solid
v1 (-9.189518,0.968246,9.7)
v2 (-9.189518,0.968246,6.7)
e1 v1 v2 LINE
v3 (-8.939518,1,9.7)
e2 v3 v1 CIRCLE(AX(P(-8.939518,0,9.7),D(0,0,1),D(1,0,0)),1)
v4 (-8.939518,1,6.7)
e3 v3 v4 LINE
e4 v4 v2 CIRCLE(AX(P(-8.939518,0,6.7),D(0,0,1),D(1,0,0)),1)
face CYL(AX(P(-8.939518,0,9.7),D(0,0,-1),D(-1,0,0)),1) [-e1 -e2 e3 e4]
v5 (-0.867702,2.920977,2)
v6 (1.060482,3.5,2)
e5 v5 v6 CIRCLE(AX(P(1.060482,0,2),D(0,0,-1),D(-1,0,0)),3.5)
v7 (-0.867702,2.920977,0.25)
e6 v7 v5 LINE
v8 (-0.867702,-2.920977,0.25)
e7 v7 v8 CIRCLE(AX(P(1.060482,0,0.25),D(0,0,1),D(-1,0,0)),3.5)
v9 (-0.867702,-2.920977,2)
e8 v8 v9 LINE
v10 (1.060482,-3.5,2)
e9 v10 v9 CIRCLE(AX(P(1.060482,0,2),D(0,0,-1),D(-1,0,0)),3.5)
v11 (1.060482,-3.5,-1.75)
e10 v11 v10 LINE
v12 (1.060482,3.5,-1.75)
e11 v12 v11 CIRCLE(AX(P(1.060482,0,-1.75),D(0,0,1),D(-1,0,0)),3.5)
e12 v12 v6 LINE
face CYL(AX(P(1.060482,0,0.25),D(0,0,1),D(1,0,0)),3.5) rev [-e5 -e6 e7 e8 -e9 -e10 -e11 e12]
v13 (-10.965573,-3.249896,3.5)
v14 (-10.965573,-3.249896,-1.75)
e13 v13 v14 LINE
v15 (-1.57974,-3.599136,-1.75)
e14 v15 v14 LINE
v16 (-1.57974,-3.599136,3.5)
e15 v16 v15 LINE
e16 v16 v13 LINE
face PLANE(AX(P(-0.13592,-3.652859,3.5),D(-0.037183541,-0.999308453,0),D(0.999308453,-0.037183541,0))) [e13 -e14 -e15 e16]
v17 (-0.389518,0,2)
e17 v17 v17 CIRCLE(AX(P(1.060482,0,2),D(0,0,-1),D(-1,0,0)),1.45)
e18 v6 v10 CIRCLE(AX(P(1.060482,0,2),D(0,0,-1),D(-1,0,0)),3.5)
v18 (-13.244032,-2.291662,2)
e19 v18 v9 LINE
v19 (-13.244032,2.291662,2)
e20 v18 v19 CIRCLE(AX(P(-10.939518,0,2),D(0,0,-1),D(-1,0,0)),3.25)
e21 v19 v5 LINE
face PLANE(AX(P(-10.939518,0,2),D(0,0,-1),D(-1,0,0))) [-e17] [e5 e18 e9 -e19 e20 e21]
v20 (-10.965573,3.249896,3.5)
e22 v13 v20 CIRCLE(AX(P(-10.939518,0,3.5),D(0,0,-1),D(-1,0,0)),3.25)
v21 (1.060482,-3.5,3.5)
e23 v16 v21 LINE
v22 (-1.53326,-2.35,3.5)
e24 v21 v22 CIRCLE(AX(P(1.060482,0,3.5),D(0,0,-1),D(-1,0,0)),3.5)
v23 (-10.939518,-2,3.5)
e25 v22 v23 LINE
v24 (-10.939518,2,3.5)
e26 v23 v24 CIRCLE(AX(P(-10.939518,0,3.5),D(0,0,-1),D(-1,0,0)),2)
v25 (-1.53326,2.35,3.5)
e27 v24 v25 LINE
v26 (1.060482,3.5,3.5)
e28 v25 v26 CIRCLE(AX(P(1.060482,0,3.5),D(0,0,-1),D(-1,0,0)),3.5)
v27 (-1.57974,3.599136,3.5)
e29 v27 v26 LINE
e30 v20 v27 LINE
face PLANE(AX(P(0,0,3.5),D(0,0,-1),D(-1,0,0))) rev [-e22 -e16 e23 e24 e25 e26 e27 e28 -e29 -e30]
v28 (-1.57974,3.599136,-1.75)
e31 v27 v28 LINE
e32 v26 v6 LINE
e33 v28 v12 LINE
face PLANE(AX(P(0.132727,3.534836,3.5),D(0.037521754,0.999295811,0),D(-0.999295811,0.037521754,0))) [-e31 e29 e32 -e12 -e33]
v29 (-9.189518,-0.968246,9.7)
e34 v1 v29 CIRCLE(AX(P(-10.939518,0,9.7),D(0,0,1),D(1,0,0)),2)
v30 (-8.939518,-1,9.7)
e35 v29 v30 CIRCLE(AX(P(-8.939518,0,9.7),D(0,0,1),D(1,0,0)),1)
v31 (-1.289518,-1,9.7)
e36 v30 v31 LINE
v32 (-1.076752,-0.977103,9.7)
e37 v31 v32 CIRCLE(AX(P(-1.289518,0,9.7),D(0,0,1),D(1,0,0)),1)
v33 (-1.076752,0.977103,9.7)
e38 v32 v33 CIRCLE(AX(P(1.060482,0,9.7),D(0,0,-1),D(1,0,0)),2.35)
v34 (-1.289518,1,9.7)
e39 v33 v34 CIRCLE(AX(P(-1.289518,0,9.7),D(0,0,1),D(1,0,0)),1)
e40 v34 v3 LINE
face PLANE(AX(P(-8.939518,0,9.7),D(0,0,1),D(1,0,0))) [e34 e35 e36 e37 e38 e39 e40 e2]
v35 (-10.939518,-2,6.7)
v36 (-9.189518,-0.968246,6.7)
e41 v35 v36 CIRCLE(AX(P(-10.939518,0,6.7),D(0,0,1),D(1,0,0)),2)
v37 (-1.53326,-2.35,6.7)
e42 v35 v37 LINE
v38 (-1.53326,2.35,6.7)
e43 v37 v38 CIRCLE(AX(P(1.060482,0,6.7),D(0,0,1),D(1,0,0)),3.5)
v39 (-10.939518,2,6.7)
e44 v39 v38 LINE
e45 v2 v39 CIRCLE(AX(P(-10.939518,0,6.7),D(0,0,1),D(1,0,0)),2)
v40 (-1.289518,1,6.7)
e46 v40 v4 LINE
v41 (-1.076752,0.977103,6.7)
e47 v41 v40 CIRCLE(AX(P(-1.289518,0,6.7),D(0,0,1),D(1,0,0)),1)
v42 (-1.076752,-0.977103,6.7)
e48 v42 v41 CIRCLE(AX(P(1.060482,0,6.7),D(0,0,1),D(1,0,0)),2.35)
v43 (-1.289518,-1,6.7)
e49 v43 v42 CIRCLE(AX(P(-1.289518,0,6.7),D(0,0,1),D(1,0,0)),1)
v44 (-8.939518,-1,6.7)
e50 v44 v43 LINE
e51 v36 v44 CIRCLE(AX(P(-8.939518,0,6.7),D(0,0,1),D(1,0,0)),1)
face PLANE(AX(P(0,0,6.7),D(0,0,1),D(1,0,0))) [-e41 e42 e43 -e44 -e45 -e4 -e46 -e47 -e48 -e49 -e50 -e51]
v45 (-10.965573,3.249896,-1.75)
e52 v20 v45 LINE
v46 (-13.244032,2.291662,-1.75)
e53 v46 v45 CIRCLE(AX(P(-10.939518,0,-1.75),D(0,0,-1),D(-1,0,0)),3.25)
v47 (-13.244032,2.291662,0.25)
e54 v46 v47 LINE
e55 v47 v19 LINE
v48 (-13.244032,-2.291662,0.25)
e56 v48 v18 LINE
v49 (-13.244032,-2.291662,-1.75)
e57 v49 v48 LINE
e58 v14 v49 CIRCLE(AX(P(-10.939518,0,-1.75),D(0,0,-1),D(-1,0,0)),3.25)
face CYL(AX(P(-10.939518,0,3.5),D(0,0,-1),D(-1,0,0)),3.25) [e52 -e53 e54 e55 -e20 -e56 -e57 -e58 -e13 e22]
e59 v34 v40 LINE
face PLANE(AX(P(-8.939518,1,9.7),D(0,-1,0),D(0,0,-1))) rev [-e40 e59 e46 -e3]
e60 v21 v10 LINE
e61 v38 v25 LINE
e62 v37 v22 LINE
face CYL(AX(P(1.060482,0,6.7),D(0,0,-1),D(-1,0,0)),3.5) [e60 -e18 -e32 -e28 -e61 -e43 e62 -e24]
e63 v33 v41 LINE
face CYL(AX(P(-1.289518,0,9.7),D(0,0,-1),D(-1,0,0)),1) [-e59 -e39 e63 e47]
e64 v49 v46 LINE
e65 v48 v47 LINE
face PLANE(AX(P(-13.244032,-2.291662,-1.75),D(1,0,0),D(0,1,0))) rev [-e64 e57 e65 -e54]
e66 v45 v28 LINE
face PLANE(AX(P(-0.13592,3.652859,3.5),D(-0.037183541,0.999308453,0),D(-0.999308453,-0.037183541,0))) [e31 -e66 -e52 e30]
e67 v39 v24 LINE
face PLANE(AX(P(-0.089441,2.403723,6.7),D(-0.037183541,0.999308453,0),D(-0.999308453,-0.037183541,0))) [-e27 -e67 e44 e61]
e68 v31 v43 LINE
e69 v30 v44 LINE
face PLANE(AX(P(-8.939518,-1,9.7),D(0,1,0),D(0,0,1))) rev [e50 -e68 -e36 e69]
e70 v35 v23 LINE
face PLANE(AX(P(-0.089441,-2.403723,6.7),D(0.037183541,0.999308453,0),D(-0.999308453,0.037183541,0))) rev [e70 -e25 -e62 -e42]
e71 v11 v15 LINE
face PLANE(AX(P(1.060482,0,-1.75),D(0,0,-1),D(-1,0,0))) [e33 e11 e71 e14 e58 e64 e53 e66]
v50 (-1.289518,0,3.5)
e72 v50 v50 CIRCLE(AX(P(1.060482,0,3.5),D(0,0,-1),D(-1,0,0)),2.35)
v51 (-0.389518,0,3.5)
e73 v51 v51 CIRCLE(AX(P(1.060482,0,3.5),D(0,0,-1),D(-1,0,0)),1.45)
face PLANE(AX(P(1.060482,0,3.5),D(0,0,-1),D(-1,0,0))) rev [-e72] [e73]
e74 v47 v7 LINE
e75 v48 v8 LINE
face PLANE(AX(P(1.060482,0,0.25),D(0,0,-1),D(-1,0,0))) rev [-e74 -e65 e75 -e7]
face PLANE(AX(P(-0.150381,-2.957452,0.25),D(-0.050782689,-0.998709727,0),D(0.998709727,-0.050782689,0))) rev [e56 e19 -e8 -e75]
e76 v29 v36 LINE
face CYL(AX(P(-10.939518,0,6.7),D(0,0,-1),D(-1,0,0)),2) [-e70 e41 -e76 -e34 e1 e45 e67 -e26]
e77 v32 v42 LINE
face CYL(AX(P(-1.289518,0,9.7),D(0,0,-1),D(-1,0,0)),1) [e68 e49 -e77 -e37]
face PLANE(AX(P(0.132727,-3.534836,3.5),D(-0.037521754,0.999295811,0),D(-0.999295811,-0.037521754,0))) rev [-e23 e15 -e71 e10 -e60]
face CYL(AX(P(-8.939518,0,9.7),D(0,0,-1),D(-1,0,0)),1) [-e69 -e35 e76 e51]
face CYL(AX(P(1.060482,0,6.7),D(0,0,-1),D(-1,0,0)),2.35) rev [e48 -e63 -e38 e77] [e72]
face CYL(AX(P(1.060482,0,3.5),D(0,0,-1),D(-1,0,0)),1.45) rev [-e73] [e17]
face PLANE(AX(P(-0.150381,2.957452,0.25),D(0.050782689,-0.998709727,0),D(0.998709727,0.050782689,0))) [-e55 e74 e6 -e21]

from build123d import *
from build123d.topology import SkipClean

# Parameters (mm, degrees)
SKETCH1_R           = 2.35
BOSS_EXTRUDE1_DEPTH = 6.7
BOSS_EXTRUDE2_DEPTH = 3
CUT_EXTRUDE1_DEPTH  = 2
SKETCH4_R           = 2.35
SKETCH4_R_2         = 1.45
BOSS_EXTRUDE3_DEPTH = 1.5
BOSS_EXTRUDE4_DEPTH = 1.5
BOSS_EXTRUDE5_START = 1.75
BOSS_EXTRUDE5_DEPTH = 1.75
BOSS_EXTRUDE6_START = 2
BOSS_EXTRUDE6_DEPTH = 2


with BuildPart() as part:
    # Sketch1 → Boss-Extrude1 (new body)
    with BuildSketch(Plane.XY):
        with BuildLine():
            Line((-1.533260445, 2.35), (-10.939517975, 2))
            ThreePointArc((-10.939517975, 2), (-12.939517975, 0), (-10.939517975, -2))
            Line((-10.939517975, -2), (-1.533260445, -2.35))
            ThreePointArc((-1.533260445, -2.35), (4.560482025, 0), (-1.533260445, 2.35))
        make_face()
        with Locations((1.060482025, 0)):
            Circle(SKETCH1_R, mode=Mode.SUBTRACT)
    extrude(amount=BOSS_EXTRUDE1_DEPTH)

    # Sketch2 → Boss-Extrude2 (add)
    with SkipClean():  # the faces are left unmerged after this step: merging them gives an invalid solid
        with BuildSketch(Plane.XY.offset(6.7)):
            with BuildLine():
                Line((-8.939517975, 1), (-1.289517975, 1))
                ThreePointArc((-1.289517975, 1), (-1.18252076, 0.99425932), (-1.076752018, 0.977103192))
                ThreePointArc((-1.076752018, 0.977103192), (-1.289517975, 0), (-1.076752018, -0.977103192))
                ThreePointArc((-1.076752018, -0.977103192), (-1.18252076, -0.99425932), (-1.289517975, -1))
                Line((-1.289517975, -1), (-8.939517975, -1))
                ThreePointArc((-8.939517975, -1), (-9.065522268, -0.992029696), (-9.189517975, -0.968245837))
                ThreePointArc((-9.189517975, -0.968245837), (-12.939517975, 0), (-9.189517975, 0.968245837))
                ThreePointArc((-9.189517975, 0.968245837), (-9.065522268, 0.992029696), (-8.939517975, 1))
            make_face()
        extrude(amount=BOSS_EXTRUDE2_DEPTH)

    # Sketch3 → Cut-Extrude1 (cut)
    with SkipClean():  # the faces are left unmerged after this step: merging them gives an invalid solid
        with BuildSketch(Plane(origin=(0, 0, 0), x_dir=(-1, 0, 0), z_dir=(0, 0, -1))):
            with BuildLine():
                Line((10.939517975, 2), (1.533260445, 2.35))
                ThreePointArc((1.533260445, 2.35), (-4.560482025, 0), (1.533260445, -2.35))
                Line((1.533260445, -2.35), (10.939517975, -2))
                ThreePointArc((10.939517975, -2), (12.939517975, 0), (10.939517975, 2))
            make_face()
        extrude(amount=-CUT_EXTRUDE1_DEPTH, mode=Mode.SUBTRACT)

    # Sketch4 → Boss-Extrude3 (add)
    with SkipClean():  # the faces are left unmerged after this step: merging them gives an invalid solid
        with BuildSketch(Plane(origin=(0, 0, 2), x_dir=(-1, 0, 0), z_dir=(0, 0, -1))):
            with Locations((-1.060482025, 0)):
                Circle(SKETCH4_R)
            with Locations((-1.060482025, 0)):
                Circle(SKETCH4_R_2, mode=Mode.SUBTRACT)
        extrude(amount=-BOSS_EXTRUDE3_DEPTH)

    # Sketch5 → Boss-Extrude4 (add)
    with SkipClean():  # the faces are left unmerged after this step: merging them gives an invalid solid
        with BuildSketch(Plane(origin=(0, 0, 2), x_dir=(-1, 0, 0), z_dir=(0, 0, -1))):
            with BuildLine():
                Line((-1.060482025, -3.5), (1.579739871, -3.599135566))
                Line((1.579739871, -3.599135566), (2.059938037, -3.581267742))
                Line((2.059938037, -3.581267742), (10.965572511, -3.249895562))
                ThreePointArc((10.965572511, -3.249895562), (14.189517975, 0), (10.965572511, 3.249895562))
                Line((10.965572511, 3.249895562), (2.059938037, 3.581267742))
                Line((2.059938037, 3.581267742), (1.579739871, 3.599135566))
                Line((1.579739871, 3.599135566), (-1.060482025, 3.5))
                ThreePointArc((-1.060482025, 3.5), (0.358144071, 3.199609351), (1.533260445, 2.35))
                Line((1.533260445, 2.35), (10.939517975, 2))
                ThreePointArc((10.939517975, 2), (12.939517975, 0), (10.939517975, -2))
                Line((10.939517975, -2), (1.533260445, -2.35))
                ThreePointArc((1.533260445, -2.35), (0.358144071, -3.199609351), (-1.060482025, -3.5))
            make_face()
        extrude(amount=-BOSS_EXTRUDE4_DEPTH)

    # Sketch7 → Boss-Extrude5 (add)
    with SkipClean():  # the faces are left unmerged after this step: merging them gives an invalid solid
        with BuildSketch(Plane(origin=(0, 0, 2), x_dir=(-1, 0, 0), z_dir=(0, 0, -1)).offset(BOSS_EXTRUDE5_START)):
            with BuildLine():
                ThreePointArc((10.965572511, -3.249895562), (12.19945489, -2.995840278), (13.244032441, -2.291661642))
                Line((13.244032441, -2.291661642), (0.86770197, -2.920976974))
                ThreePointArc((0.86770197, -2.920976974), (-0.05385881, -3.35212018), (-1.060482025, -3.5))
                Line((-1.060482025, -3.5), (1.579739871, -3.599135566))
                Line((1.579739871, -3.599135566), (10.965572511, -3.249895562))
            make_face()
            with BuildLine():
                Line((0.86770197, 2.920976974), (13.244032441, 2.291661642))
                ThreePointArc((13.244032441, 2.291661642), (12.19945489, 2.995840278), (10.965572511, 3.249895562))
                Line((10.965572511, 3.249895562), (1.579739871, 3.599135566))
                Line((1.579739871, 3.599135566), (-1.060482025, 3.5))
                ThreePointArc((-1.060482025, 3.5), (-0.05385881, 3.35212018), (0.86770197, 2.920976974))
            make_face()
        extrude(amount=-BOSS_EXTRUDE5_DEPTH)

    # Sketch8 → Boss-Extrude6 (add)
    with SkipClean():  # the faces are left unmerged after this step: merging them gives an invalid solid
        with BuildSketch(Plane(origin=(0, 0, 0.25), x_dir=(-1, 0, 0), z_dir=(0, 0, -1)).offset(BOSS_EXTRUDE6_START)):
            with BuildLine():
                Line((10.965572511, 3.249895562), (1.579739871, 3.599135566))
                Line((1.579739871, 3.599135566), (-1.060482025, 3.5))
                ThreePointArc((-1.060482025, 3.5), (2.439517975, 0), (-1.060482025, -3.5))
                Line((-1.060482025, -3.5), (1.579739871, -3.599135566))
                Line((1.579739871, -3.599135566), (10.965572511, -3.249895562))
                ThreePointArc((10.965572511, -3.249895562), (12.19945489, -2.995840278), (13.244032441, -2.291661642))
                Line((13.244032441, -2.291661642), (13.244032441, 2.291661642))
                ThreePointArc((13.244032441, 2.291661642), (12.19945489, 2.995840278), (10.965572511, 3.249895562))
            make_face()
        extrude(amount=-BOSS_EXTRUDE6_DEPTH)


solid = part.part
